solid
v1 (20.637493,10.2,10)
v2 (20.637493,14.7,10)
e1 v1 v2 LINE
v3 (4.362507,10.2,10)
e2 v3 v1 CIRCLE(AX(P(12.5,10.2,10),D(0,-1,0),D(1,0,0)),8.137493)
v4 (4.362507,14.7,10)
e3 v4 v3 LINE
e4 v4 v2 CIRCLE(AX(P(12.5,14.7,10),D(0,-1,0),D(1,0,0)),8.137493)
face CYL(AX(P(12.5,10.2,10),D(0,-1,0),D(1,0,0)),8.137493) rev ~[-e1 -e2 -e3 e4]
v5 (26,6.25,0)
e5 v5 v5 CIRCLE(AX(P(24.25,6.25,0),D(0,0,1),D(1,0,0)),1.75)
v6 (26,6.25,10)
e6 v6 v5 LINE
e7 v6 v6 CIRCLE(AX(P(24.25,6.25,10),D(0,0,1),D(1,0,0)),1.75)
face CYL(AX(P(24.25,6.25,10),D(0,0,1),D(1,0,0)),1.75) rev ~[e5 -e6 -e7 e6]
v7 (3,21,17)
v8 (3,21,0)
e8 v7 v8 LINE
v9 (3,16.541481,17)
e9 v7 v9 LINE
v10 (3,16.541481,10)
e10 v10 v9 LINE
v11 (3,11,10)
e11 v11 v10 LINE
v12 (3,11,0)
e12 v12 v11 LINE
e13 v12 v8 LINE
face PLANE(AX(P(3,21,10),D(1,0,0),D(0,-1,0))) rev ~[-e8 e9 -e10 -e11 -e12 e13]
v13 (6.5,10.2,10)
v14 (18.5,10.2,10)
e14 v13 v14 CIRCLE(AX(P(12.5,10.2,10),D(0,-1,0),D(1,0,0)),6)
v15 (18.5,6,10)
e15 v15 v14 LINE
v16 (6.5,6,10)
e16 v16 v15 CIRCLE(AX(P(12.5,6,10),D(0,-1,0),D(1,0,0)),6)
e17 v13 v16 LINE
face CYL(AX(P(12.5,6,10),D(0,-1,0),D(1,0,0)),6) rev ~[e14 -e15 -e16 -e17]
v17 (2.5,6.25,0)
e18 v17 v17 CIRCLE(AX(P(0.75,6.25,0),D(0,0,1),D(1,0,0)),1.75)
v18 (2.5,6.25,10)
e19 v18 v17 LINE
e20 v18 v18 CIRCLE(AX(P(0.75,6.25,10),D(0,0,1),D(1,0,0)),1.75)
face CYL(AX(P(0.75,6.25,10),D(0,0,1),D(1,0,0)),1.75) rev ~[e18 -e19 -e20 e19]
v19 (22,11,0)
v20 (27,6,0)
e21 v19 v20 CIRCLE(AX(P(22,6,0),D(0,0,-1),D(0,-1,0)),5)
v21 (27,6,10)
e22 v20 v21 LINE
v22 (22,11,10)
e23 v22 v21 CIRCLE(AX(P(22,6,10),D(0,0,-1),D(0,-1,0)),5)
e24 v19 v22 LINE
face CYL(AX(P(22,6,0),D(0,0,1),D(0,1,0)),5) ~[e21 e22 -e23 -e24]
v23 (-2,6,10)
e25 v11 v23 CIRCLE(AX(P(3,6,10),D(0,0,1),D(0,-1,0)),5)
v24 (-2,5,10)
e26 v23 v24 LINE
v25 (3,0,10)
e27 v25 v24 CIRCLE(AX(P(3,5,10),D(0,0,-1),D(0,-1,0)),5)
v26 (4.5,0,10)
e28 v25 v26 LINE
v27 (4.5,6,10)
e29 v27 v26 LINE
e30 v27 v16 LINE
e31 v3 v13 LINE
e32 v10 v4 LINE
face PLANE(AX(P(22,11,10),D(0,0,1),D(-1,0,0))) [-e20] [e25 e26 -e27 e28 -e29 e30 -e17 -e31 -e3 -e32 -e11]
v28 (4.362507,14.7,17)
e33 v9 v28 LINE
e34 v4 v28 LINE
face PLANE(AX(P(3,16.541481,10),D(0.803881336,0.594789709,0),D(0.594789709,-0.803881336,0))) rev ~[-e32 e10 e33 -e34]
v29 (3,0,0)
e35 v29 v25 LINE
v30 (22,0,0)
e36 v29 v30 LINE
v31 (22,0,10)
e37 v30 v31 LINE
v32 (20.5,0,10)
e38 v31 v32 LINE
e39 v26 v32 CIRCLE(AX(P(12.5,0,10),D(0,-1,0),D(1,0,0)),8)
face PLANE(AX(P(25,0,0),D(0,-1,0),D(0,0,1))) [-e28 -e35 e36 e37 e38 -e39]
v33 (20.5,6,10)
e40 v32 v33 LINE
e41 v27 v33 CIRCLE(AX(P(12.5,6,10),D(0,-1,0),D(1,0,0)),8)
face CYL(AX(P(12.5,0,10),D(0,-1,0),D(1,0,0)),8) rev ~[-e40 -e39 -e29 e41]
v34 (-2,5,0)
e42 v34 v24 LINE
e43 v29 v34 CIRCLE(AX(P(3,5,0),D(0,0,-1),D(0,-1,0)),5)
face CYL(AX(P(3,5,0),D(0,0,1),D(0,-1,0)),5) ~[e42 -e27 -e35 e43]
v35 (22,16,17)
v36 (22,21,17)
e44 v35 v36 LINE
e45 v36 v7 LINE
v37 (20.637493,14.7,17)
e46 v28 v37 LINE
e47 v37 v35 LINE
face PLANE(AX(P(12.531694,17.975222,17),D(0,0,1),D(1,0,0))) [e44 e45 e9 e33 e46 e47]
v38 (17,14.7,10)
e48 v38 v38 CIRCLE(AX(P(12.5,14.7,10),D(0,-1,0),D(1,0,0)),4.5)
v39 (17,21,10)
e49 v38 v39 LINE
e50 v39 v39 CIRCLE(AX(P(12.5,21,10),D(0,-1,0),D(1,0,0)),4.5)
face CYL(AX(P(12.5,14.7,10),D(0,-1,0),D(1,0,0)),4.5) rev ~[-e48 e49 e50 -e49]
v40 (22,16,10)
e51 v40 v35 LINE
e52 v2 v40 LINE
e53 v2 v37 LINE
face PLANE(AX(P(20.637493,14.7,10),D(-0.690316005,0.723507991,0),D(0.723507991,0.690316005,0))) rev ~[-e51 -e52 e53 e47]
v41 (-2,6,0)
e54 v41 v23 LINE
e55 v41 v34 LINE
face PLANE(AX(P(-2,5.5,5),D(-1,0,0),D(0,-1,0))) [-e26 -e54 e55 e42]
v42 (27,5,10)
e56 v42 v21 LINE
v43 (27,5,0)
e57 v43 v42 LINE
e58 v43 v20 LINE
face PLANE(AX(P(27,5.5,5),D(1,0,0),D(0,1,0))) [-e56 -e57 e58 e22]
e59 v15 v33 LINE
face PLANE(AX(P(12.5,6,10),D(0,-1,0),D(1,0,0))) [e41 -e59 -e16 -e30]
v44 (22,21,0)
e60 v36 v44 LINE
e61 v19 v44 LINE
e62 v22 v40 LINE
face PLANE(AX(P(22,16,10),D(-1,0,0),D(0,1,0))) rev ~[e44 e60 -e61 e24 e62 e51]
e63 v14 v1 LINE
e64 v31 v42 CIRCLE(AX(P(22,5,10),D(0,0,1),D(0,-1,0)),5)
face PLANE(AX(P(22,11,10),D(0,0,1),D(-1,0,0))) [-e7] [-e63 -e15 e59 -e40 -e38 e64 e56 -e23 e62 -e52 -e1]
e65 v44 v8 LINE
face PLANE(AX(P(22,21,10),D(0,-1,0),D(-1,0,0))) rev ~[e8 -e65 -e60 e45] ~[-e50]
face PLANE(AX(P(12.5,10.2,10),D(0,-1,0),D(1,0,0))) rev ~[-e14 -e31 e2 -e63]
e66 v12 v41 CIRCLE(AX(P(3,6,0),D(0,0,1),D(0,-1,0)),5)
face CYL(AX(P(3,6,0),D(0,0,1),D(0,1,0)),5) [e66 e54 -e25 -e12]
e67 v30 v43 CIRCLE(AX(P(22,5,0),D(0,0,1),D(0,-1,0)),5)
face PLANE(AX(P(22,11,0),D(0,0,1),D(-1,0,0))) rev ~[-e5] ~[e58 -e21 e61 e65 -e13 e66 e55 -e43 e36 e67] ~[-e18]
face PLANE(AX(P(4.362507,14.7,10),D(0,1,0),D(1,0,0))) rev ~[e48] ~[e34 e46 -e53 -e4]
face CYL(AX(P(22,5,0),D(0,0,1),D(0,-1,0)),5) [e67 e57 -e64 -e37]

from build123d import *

# Parameters (mm, degrees)
F0_W      = 25
F0_H      = 11
F1_DEPTH  = 10
F2_R      = 8
F3_DEPTH  = 6
F4_R      = 6
F5_DEPTH  = 4.2
F6_W      = 11
F6_H      = 10
F7_DEPTH  = 2
F8_W      = 11
F8_H      = 10
F9_DEPTH  = 2
F10_R     = 5
F11_R     = 1.75
F12_DEPTH = 25
F9_FACE_W = 19
F9_FACE_H = 10
F13_DEPTH = 10
F14_R     = 8.137493
F15_DEPTH = 4.5
F17_DEPTH = 7
F18_R     = 4.5
F19_DEPTH = 25


with BuildPart() as f1:
    # F0 (on Top) → F1 (new body)
    with BuildSketch(Plane.XY):
        with Locations((12.5, 5.5)):
            Rectangle(F0_W, F0_H)
    extrude(amount=F1_DEPTH)

    # F2 (on face) → F3 (cut)
    with BuildSketch(Plane.XZ):
        with Locations((12.5, 10)):
            Circle(F2_R)
    extrude(amount=-F3_DEPTH, mode=Mode.SUBTRACT)

    # F4 (on face) → F5 (cut)
    with BuildSketch(Plane.XZ.offset(-6)):
        with Locations((12.5, 10)):
            Circle(F4_R)
    extrude(amount=-F5_DEPTH, mode=Mode.SUBTRACT)

    # F6 (on face) → F7 (join)
    with BuildSketch(Plane(origin=(0, 0, 0), x_dir=(0, -1, 0), z_dir=(-1, 0, 0))):
        with Locations((-5.5, 5)):
            Rectangle(F6_W, F6_H)
    extrude(amount=F7_DEPTH)

    # F8 (on face) → F9 (join)
    with BuildSketch(Plane.YZ.offset(25)):
        with Locations((5.5, 5)):
            Rectangle(F8_W, F8_H)
    extrude(amount=F9_DEPTH)

    # F10
    f10_edges = [f1.edges().sort_by_distance(p)[0] for p in [
        (27, 11, 5),
        (27, 0, 5),
        (-2, 11, 5),
        (-2, 0, 5),
    ]]
    fillet(f10_edges, radius=F10_R)

    # F11 (on face) → F12 (cut)
    with BuildSketch(Plane.XY.offset(10)):
        with Locations((0.75, 6.25)):
            Circle(F11_R)
        with Locations((24.25, 6.25)):
            Circle(F11_R)
    extrude(amount=-F12_DEPTH, mode=Mode.SUBTRACT)

    # F9_face (on face) → F13 (join)
    with BuildSketch(Plane(origin=(12.5, 11, 5), x_dir=(-1, 0, 0), z_dir=(0, 1, 0))):
        Rectangle(F9_FACE_W, F9_FACE_H)
    extrude(amount=F13_DEPTH)

    # F14 (on face) → F15 (cut)
    with BuildSketch(Plane.XZ.offset(-10.2)):
        with Locations((12.5, 10)):
            Circle(F14_R)
    extrude(amount=-F15_DEPTH, mode=Mode.SUBTRACT)

    # F16 (on face) → F17 (join)
    with BuildSketch(Plane.XY.offset(10)):
        Polygon((3, 16.541481), (4.362507, 14.7), (20.637493, 14.7), (22, 16), (22, 21), (3, 21), align=None)
    extrude(amount=F17_DEPTH)

    # F18 (on face) → F19 (cut)
    with BuildSketch(Plane.XZ.offset(-14.7)):
        with Locations((12.5, 10)):
            Circle(F18_R)
    extrude(amount=-F19_DEPTH, mode=Mode.SUBTRACT)


solid = f1.part
